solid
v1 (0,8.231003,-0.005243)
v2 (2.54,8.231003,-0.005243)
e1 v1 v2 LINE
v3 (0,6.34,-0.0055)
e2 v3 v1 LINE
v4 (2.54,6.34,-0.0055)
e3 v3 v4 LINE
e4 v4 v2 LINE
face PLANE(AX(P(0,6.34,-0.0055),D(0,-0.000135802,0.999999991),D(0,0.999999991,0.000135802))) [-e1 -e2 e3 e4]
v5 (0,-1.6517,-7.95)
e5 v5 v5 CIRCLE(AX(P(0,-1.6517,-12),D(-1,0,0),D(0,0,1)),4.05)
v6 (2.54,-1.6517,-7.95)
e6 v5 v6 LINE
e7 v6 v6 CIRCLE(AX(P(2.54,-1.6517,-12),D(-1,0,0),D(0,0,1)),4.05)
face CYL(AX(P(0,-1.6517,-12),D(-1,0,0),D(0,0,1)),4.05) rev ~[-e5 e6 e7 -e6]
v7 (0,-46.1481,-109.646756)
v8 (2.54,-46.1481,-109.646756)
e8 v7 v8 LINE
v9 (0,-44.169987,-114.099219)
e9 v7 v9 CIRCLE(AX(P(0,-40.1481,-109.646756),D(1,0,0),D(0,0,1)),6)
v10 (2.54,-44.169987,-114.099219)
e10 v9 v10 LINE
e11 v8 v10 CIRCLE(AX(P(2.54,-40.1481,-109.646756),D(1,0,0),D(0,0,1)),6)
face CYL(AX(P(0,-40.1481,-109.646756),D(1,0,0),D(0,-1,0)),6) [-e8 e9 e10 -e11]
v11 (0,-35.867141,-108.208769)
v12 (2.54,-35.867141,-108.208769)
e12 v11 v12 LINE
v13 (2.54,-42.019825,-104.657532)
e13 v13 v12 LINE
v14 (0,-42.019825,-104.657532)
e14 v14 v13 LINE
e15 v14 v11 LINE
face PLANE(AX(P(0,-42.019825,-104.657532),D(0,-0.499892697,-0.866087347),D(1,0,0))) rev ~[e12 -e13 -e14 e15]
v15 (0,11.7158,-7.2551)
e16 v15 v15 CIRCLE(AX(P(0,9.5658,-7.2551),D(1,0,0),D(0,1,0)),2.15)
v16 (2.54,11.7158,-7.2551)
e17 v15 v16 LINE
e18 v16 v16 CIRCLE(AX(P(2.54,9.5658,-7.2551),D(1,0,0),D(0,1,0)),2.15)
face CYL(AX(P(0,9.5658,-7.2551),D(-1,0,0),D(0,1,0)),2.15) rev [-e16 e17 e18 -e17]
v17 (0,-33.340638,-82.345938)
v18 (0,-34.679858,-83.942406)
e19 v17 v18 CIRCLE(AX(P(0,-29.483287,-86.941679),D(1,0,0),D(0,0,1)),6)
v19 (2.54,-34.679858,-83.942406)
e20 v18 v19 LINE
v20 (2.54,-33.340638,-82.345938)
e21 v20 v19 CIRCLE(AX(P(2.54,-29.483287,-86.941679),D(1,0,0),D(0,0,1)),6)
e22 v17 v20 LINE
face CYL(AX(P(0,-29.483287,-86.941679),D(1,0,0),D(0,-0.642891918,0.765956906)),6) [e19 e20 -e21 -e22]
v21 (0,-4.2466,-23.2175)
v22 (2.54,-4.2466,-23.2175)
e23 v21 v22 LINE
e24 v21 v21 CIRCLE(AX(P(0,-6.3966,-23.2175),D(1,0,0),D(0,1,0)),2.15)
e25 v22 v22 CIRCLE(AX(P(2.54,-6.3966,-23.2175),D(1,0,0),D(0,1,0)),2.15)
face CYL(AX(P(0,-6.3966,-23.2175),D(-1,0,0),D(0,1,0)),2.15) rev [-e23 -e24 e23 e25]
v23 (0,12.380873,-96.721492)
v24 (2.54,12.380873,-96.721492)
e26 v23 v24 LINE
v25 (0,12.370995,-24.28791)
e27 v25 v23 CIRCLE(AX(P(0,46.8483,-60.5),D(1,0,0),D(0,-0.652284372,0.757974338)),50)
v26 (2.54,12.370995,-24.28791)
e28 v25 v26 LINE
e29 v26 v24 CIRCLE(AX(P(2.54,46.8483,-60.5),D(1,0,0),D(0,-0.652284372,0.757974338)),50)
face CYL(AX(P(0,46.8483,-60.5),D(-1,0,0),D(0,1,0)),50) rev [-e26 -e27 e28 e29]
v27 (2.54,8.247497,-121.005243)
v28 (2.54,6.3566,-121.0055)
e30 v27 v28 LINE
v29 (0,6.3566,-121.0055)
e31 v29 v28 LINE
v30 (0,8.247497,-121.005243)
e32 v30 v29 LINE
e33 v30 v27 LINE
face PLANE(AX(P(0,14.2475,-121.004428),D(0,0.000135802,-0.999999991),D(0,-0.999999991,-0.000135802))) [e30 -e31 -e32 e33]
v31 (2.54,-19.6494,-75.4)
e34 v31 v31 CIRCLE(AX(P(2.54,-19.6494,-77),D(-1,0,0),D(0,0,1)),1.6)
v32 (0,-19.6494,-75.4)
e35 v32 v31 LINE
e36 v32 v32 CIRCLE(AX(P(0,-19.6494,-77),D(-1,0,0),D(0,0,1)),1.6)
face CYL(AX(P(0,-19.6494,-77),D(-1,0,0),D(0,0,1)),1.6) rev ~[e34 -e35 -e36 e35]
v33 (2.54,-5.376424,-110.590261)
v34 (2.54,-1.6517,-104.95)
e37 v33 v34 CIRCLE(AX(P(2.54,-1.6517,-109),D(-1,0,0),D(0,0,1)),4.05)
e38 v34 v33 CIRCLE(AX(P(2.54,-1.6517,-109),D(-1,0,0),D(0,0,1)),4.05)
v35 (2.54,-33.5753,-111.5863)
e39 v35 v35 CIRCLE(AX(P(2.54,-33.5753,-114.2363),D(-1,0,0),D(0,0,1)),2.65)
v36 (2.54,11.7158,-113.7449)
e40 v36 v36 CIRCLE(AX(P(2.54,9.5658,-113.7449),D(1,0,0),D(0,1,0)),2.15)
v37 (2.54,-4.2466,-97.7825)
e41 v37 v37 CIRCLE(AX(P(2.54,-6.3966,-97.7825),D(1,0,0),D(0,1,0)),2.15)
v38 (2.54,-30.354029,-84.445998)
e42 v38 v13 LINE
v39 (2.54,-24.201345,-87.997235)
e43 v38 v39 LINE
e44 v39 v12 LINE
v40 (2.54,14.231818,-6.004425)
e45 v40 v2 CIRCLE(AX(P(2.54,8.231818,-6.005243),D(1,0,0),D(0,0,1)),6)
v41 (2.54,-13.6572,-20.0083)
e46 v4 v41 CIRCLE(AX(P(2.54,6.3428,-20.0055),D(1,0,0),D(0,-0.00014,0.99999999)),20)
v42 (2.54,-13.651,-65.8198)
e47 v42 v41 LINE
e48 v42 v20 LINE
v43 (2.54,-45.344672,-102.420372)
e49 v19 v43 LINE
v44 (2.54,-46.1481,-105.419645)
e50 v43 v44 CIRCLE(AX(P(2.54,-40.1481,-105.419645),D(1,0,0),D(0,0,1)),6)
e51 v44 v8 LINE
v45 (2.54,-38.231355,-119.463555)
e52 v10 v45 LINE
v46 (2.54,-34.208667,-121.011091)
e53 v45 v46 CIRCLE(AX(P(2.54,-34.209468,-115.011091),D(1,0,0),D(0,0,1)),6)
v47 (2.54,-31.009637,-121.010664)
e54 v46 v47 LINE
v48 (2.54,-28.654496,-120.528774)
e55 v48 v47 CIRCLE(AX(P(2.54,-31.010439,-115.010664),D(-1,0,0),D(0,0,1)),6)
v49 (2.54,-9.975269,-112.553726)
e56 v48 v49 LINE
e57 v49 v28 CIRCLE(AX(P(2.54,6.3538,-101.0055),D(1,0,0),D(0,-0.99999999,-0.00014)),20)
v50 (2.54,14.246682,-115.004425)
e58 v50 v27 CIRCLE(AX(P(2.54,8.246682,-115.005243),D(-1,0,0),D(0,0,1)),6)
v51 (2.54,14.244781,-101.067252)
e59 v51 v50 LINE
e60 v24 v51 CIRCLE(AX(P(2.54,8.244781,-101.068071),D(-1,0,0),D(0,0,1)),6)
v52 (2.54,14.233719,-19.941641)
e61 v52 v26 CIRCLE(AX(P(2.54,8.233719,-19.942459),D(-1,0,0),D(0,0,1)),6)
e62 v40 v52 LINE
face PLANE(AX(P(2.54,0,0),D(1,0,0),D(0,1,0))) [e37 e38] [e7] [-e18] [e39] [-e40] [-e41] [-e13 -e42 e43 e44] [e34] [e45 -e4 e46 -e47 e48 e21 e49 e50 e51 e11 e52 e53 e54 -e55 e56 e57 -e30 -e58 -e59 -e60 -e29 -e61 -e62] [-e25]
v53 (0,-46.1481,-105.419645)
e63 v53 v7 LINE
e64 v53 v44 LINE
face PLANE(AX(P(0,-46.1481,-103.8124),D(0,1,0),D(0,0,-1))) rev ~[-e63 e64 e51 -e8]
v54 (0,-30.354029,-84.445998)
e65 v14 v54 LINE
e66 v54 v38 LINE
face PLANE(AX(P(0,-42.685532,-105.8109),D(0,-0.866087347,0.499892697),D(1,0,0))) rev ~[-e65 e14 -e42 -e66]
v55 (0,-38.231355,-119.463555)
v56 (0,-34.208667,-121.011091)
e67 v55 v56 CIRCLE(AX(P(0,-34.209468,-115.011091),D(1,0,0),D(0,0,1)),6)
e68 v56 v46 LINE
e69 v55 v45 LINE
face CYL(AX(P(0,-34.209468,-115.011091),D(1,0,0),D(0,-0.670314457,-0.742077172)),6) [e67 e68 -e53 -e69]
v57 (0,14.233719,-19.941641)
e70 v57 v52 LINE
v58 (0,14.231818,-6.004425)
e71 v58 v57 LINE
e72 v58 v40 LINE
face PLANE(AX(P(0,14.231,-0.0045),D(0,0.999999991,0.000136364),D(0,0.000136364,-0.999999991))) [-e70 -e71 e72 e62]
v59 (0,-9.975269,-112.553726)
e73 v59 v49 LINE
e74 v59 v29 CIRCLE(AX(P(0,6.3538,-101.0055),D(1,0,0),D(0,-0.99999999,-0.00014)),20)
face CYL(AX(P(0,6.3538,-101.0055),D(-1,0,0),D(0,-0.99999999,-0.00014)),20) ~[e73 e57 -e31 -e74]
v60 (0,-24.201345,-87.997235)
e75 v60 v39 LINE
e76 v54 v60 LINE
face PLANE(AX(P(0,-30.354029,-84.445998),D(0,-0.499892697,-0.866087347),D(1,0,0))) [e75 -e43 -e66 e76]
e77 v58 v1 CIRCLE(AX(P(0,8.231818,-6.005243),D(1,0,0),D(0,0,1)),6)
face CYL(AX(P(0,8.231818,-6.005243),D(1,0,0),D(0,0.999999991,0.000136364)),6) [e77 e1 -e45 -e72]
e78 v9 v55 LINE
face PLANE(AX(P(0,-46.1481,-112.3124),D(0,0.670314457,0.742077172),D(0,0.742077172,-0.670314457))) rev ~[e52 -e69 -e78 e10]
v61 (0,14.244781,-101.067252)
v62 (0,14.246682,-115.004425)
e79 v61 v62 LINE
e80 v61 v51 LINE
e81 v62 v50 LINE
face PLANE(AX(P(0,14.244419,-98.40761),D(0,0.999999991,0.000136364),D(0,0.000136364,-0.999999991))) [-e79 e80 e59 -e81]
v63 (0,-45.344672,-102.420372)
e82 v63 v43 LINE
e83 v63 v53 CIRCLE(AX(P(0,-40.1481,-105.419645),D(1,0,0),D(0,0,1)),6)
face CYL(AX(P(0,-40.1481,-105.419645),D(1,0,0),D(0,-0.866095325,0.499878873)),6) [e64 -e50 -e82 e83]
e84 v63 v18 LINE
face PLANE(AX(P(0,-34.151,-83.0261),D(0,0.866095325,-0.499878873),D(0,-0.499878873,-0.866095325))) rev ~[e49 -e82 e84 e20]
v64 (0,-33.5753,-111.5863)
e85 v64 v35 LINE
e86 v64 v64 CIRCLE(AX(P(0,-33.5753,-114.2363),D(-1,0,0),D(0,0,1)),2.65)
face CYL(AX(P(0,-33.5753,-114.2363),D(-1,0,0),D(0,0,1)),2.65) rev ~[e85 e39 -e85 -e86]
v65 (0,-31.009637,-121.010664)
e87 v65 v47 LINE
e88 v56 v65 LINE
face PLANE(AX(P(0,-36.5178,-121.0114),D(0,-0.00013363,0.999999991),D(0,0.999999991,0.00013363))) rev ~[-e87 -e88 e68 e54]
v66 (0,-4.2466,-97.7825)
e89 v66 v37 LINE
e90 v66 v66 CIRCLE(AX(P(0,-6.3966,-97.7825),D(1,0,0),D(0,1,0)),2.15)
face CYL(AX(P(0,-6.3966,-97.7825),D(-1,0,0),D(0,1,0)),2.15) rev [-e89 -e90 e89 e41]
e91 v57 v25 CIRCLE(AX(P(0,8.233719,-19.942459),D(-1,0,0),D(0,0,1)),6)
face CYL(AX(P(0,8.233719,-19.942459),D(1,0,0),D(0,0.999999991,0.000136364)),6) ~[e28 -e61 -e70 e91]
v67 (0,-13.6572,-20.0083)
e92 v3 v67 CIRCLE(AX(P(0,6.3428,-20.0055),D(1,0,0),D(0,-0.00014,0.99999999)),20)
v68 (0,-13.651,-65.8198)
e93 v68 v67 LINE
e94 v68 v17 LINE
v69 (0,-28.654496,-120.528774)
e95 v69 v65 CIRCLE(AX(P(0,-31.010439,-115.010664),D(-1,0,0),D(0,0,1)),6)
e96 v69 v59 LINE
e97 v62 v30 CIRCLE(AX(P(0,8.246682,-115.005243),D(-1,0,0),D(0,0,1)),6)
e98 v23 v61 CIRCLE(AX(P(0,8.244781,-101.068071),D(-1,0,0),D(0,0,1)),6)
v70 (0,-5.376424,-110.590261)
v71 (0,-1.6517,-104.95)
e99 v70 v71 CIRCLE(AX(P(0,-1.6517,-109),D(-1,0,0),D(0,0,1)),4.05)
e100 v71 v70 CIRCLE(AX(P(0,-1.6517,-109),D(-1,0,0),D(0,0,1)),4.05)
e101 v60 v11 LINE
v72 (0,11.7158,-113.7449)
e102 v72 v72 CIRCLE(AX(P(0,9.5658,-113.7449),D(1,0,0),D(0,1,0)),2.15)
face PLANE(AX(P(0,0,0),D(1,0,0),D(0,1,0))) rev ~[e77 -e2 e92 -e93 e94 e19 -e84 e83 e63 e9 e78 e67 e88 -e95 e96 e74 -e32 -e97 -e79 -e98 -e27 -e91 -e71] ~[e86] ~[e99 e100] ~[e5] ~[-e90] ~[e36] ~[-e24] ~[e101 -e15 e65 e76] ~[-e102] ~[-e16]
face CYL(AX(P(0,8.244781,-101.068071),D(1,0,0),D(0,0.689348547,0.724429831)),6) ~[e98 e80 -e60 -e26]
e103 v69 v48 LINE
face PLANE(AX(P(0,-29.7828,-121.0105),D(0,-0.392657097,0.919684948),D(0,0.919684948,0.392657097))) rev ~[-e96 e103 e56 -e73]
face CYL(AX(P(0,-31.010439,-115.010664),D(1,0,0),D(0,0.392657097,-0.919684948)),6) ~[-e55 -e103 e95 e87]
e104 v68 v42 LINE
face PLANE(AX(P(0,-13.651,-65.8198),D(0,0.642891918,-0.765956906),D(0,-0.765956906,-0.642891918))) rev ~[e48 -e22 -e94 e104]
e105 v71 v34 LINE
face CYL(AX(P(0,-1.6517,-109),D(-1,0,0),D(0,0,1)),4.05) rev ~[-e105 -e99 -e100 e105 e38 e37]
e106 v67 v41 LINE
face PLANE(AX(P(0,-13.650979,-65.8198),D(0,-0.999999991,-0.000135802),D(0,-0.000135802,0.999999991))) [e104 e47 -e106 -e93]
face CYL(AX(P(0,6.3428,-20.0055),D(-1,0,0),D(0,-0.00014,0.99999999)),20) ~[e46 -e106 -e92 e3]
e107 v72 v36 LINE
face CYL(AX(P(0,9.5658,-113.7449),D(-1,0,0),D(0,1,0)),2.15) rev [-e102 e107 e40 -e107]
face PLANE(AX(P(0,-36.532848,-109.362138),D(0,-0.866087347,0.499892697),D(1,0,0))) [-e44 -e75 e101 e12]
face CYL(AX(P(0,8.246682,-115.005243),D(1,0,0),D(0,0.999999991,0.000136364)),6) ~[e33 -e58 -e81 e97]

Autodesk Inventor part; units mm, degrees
ref_plane "YZ Plane" through (0, 0, 0) normal (1, 0, 0) x (0, 1, 0)
ref_plane "XZ Plane" through (0, 0, 0) normal (0, 1, 0) x (-1, 0, 0)
sketch "Sketch1" plane through (0, 0, 0) normal (1, 0, 0) x (0, 1, 0)
  line L0 (14.231, -0.0045) -> (14.2475, -121.0044)
  circle A0 centre (46.8483, -60.5) radius 44 projected
  arc A1 (-10.6283, -58.8604) -> (-0.114, -93.6782) centre (46.8483, -60.5) ccw projected
  line L1 (-0.114, -93.6782) -> (2.9975, -94.9709) projected
  arc A2 (2.9975, -94.9709) -> (7.0992, -99.6298) centre (46.8483, -60.5) ccw projected
  line L2 (7.0992, -99.6298) -> (13.2859, -93.5395) projected
  arc A3 (-0.2275, -59.1156) -> (13.2859, -93.5395) centre (46.8483, -60.5) ccw projected
  line L3 (-0.2275, -59.1156) -> (-8.9052, -58.8604) projected
  line L4 (-8.9052, -58.8604) -> (-10.6283, -58.8604) projected
  circle A4 centre (84.1308, -7.2551) radius 2.15 projected
  circle A5 centre (95.3483, -109) radius 2.65 projected
  circle A6 centre (100.0932, -97.7825) radius 2.15 projected
  circle A7 centre (-6.3966, -23.2175) radius 2.15 projected
  circle A8 centre (-6.3966, -97.7825) radius 2.15 projected
  circle A9 centre (-1.6517, -12) radius 2.65 projected
  circle A10 centre (95.3483, -12) radius 2.65 projected
  circle A11 centre (9.5658, -113.7449) radius 2.15 projected
  circle A12 centre (9.5658, -7.2551) radius 2.15 projected
  circle A13 centre (84.1308, -113.7449) radius 2.15 projected
  circle A14 centre (100.0932, -23.2175) radius 2.15 projected
  circle A15 centre (-1.6517, -109) radius 2.65 projected
  line L5 (-7.7476, -49.0794) -> (0.7499, -50.8569) projected
  arc A16 (12.1591, -28.6456) -> (0.7499, -50.8569) centre (46.8483, -60.5) ccw projected
  line L6 (12.1591, -28.6456) -> (5.7646, -22.7737) projected
  arc A17 (5.7646, -22.7737) -> (-7.7476, -49.0794) centre (46.8483, -60.5) ccw projected
  line L7 (83.7453, -102.33) -> (78.0025, -95.8194) projected
  arc A18 (66.2911, -103.3955) -> (78.0025, -95.8194) centre (46.8483, -60.5) ccw projected
  line L8 (66.2911, -103.3955) -> (69.8751, -111.3026) projected
  arc A19 (69.8751, -111.3026) -> (83.7453, -102.33) centre (46.8483, -60.5) ccw projected
  line L9 (85.3896, -20.1799) -> (79.3909, -26.4555) projected
  arc A20 (89.1056, -39.7066) -> (79.3909, -26.4555) centre (46.8483, -60.5) ccw projected
  line L10 (89.1056, -39.7066) -> (96.8951, -35.8737) projected
  arc A21 (96.8951, -35.8737) -> (85.3896, -20.1799) centre (46.8483, -60.5) ccw projected
  line L11 (58.0786, -115.1353) -> (56.3307, -106.6317) projected
  arc A22 (42.4628, -107.3915) -> (56.3307, -106.6317) centre (46.8483, -60.5) ccw projected
  line L12 (42.4628, -107.3915) -> (41.6544, -116.0352) projected
  arc A23 (41.6544, -116.0352) -> (58.0786, -115.1353) centre (46.8483, -60.5) ccw projected
  line L13 (11.1274, -17.6613) -> (16.6872, -24.3288) projected
  arc A24 (31.0571, -16.1301) -> (16.6872, -24.3288) centre (46.8483, -60.5) ccw projected
  line L14 (31.0571, -16.1301) -> (28.1463, -7.9512) projected
  arc A25 (28.1463, -7.9512) -> (11.1274, -17.6613) centre (46.8483, -60.5) ccw projected
  line L15 (101.6271, -71.0083) -> (93.1011, -69.3728) projected
  arc A26 (82.2782, -91.5285) -> (93.1011, -69.3728) centre (46.8483, -60.5) ccw projected
  line L16 (82.2782, -91.5285) -> (88.8092, -97.2481) projected
  arc A27 (88.8092, -97.2481) -> (101.6271, -71.0083) centre (46.8483, -60.5) ccw projected
  line L17 (100.5451, -45.4072) -> (92.1875, -47.7563) projected
  arc A28 (93.8596, -63.3257) -> (92.1875, -47.7563) centre (46.8483, -60.5) ccw projected
  line L18 (93.8596, -63.3257) -> (102.5254, -63.8466) projected
  arc A29 (102.5254, -63.8466) -> (100.5451, -45.4072) centre (46.8483, -60.5) ccw projected
  line L19 (38.2646, -115.6131) -> (39.6006, -107.0351) projected
  arc A30 (20.5997, -99.6032) -> (39.6006, -107.0351) centre (46.8483, -60.5) ccw projected
  line L20 (20.5997, -99.6032) -> (15.7612, -106.8113) projected
  arc A31 (15.7612, -106.8113) -> (38.2646, -115.6131) centre (46.8483, -60.5) ccw projected
  line L21 (38.8508, -5.2987) -> (40.0955, -13.8905) projected
  arc A32 (56.4914, -14.4016) -> (40.0955, -13.8905) centre (46.8483, -60.5) ccw projected
  line L22 (56.4914, -14.4016) -> (58.2689, -5.9041) projected
  arc A33 (58.2689, -5.9041) -> (38.8508, -5.2987) centre (46.8483, -60.5) ccw projected
  arc A34 (6.34, -0.0055) -> (-13.6572, -20.0083) centre (6.3428, -20.0055) ccw projected
  line L23 (6.34, -0.0055) -> (87.34, 0.0055) projected
  arc A35 (107.3428, -19.9917) -> (87.34, 0.0055) centre (87.3428, -19.9945) ccw projected
  line L24 (107.3428, -19.9917) -> (107.3538, -100.9917) projected
  arc A36 (87.3566, -120.9945) -> (107.3538, -100.9917) centre (87.3538, -100.9945) ccw projected
  line L25 (87.3566, -120.9945) -> (6.3566, -121.0055) projected
  arc A37 (-13.6462, -101.0083) -> (6.3566, -121.0055) centre (6.3538, -101.0055) ccw projected
  line L26 (-13.6462, -101.0083) -> (-13.6572, -20.0083) projected
  line L27 (-13.651, -65.8198) -> (-34.151, -83.0261)
  line L28 (-34.151, -83.0261) -> (-46.1481, -103.8124)
  line L29 (-46.1481, -103.8124) -> (-46.1481, -112.3124)
  line L30 (-46.1481, -112.3124) -> (-36.5178, -121.0114)
  line L31 (-36.5178, -121.0114) -> (-13.6462, -101.0083)
  circle A38 centre (46.8483, -60.5) radius 50
  circle A39 centre (-1.6517, -109) radius 5.75 projected
  line L32 (-69.3325, -76.5758) -> (-2.1613, -115.3449)
  line L33 (-36.5178, -121.0114) -> (-29.7828, -121.0105)
  line L34 (-29.7828, -121.0105) -> (-1.6517, -109)
  point P0 (0, 0)
  point P1 (14.2445, -98.4076)
  point P2 (14.2341, -22.6013)
  point P3 (-9.9753, -112.5537)
  dimension "d4" = 100
  dimension "d5" = 60
  dimension "d6" = 90
  dimension "d7" = 12
  dimension "d8" = 12
  dimension "d26" = 8.5
  dimension "d27" = 20.5
  dimension "d29" = 0
  dimension "d36" = 50
extrude "Extrusion1" add sketch "Sketch1" along normal blind 2.54 contours L34 A39 L32 | L0 A25 L13 A38 L6 A17 L5 L3 L4 A1 L1 A2 L2 L25 A37 L34 L32 L26 A34 L23 | L0 L13 A25 | L26 L31 L32 L28 L27 | A38 L5 A17 L6 | A37 L32 L31 | L32 L34 A37 | A37 L34 L33 L31 L32 | L31 L30 L29 L28 L32 | A38 L2 A2 L1 A1 L4 L3 | A39
fillet "Fillet1" radius 6 4 edges at (1.27, 14.231, -0.0045) (1.27, 14.2475, -121.0044) (1.27, 14.2445, -98.4076) (1.27, 14.2341, -22.6013)
sketch "Sketch3" plane through (0, 0, 0) normal (-1, 0, 0) x (0, 0, 1)
  circle A0 centre (-12, -1.6517) radius 2.65 projected
  circle A1 centre (-12, -1.6517) radius 4.05
  circle A2 centre (-109, -1.6517) radius 2.65 projected
  circle A3 centre (-109, -1.6517) radius 4.05
  point P0 (0, 0)
  dimension "d13" = 8.1
  dimension "d14" = 8.1
extrude "Extrusion3" cut sketch "Sketch3" against normal through all contours A0 | A1 | A2 | A3
ref_plane "Work Plane2" through (0, -42.6838, -105.8119) normal (0, -0.8661, 0.4999) x (1, 0, 0)
sketch "Sketch4" plane through (0, -42.6838, -105.8119) normal (0, -0.8661, 0.4999) x (1, 0, 0)
  circle A0 centre (-17.46, 13) radius 21
  line L0 (0, 24) -> (0, 0) projected
  line L1 (0, 24) -> (2.54, 24) projected
  line L2 (0, 49.1499) -> (0, 24) projected
  line L3 (0, 0) -> (0, -7.3618) projected
  line L4 (0, 1.3317) -> (3.4521, 1.3317)
  line L5 (3.4521, 1.3317) -> (7.9852, 19.2714)
  line L6 (0, 24.6683) -> (6.7025, 24.6683)
  line L7 (6.7025, 24.6683) -> (7.9852, 19.2714)
  line L8 (0, 13.7) -> (2.54, 13.7) projected
  line L9 (0, 11.3553) -> (2.54, 11.3553) projected
  line L10 (0, 11.3553) -> (0, 30.1698)
  point P0 (0, 112.9799)
  point P1 (0.4285, 24)
  point P2 (0, 24.6683)
  dimension "d18" = 42
  dimension "d19" = 17.46
  dimension "d30" = 0.7
extrude "Extrusion4" cut sketch "Sketch4" against normal blind 7.1 contours L6 L7 L5 L4 A0 | A0 L1 L2 | L0 L1 A0
sketch "Sketch5" plane through (0, 0, 0) normal (-1, 0, 0) x (0, 0, 1)
  circle A0 centre (-114.2363, -33.5753) radius 2.65
  line L0 (-112.3124, -46.1481) -> (-121.0114, -36.5178) projected
  line L1 (-108.2077, -35.8688) -> (-87.996, -24.2033) projected
  point P0 (0, 0)
  point P1 (-88.5749, -24.5372)
  dimension "d23" = 5.3
  dimension "d24" = 7
  dimension "d25" = 5
extrude "Extrusion5" cut sketch "Sketch5" against normal through all
sketch "Sketch6" plane through (0, 0, 0) normal (-1, 0, 0) x (0, 0, 1)
  circle A0 centre (-77, -19.6494) radius 1.6
  line L0 (-20.0083, -13.6572) -> (-65.8198, -13.651) projected
  circle A1 centre (-109, -1.6517) radius 4.05 projected
  point P0 (0, 0)
  dimension "d33" = 3.2
  dimension "d34" = 6
  dimension "d35" = 32
extrude "Extrusion6" cut sketch "Sketch6" against normal through all contours A0
fillet "Fillet2" radius 6 5 edges at (1.27, -34.151, -83.0261) (1.27, -46.1481, -103.8124) (1.27, -46.1481, -112.3124) (1.27, -36.5178, -121.0114) (1.27, -29.7828, -121.0105)
properties part number "output_support"
